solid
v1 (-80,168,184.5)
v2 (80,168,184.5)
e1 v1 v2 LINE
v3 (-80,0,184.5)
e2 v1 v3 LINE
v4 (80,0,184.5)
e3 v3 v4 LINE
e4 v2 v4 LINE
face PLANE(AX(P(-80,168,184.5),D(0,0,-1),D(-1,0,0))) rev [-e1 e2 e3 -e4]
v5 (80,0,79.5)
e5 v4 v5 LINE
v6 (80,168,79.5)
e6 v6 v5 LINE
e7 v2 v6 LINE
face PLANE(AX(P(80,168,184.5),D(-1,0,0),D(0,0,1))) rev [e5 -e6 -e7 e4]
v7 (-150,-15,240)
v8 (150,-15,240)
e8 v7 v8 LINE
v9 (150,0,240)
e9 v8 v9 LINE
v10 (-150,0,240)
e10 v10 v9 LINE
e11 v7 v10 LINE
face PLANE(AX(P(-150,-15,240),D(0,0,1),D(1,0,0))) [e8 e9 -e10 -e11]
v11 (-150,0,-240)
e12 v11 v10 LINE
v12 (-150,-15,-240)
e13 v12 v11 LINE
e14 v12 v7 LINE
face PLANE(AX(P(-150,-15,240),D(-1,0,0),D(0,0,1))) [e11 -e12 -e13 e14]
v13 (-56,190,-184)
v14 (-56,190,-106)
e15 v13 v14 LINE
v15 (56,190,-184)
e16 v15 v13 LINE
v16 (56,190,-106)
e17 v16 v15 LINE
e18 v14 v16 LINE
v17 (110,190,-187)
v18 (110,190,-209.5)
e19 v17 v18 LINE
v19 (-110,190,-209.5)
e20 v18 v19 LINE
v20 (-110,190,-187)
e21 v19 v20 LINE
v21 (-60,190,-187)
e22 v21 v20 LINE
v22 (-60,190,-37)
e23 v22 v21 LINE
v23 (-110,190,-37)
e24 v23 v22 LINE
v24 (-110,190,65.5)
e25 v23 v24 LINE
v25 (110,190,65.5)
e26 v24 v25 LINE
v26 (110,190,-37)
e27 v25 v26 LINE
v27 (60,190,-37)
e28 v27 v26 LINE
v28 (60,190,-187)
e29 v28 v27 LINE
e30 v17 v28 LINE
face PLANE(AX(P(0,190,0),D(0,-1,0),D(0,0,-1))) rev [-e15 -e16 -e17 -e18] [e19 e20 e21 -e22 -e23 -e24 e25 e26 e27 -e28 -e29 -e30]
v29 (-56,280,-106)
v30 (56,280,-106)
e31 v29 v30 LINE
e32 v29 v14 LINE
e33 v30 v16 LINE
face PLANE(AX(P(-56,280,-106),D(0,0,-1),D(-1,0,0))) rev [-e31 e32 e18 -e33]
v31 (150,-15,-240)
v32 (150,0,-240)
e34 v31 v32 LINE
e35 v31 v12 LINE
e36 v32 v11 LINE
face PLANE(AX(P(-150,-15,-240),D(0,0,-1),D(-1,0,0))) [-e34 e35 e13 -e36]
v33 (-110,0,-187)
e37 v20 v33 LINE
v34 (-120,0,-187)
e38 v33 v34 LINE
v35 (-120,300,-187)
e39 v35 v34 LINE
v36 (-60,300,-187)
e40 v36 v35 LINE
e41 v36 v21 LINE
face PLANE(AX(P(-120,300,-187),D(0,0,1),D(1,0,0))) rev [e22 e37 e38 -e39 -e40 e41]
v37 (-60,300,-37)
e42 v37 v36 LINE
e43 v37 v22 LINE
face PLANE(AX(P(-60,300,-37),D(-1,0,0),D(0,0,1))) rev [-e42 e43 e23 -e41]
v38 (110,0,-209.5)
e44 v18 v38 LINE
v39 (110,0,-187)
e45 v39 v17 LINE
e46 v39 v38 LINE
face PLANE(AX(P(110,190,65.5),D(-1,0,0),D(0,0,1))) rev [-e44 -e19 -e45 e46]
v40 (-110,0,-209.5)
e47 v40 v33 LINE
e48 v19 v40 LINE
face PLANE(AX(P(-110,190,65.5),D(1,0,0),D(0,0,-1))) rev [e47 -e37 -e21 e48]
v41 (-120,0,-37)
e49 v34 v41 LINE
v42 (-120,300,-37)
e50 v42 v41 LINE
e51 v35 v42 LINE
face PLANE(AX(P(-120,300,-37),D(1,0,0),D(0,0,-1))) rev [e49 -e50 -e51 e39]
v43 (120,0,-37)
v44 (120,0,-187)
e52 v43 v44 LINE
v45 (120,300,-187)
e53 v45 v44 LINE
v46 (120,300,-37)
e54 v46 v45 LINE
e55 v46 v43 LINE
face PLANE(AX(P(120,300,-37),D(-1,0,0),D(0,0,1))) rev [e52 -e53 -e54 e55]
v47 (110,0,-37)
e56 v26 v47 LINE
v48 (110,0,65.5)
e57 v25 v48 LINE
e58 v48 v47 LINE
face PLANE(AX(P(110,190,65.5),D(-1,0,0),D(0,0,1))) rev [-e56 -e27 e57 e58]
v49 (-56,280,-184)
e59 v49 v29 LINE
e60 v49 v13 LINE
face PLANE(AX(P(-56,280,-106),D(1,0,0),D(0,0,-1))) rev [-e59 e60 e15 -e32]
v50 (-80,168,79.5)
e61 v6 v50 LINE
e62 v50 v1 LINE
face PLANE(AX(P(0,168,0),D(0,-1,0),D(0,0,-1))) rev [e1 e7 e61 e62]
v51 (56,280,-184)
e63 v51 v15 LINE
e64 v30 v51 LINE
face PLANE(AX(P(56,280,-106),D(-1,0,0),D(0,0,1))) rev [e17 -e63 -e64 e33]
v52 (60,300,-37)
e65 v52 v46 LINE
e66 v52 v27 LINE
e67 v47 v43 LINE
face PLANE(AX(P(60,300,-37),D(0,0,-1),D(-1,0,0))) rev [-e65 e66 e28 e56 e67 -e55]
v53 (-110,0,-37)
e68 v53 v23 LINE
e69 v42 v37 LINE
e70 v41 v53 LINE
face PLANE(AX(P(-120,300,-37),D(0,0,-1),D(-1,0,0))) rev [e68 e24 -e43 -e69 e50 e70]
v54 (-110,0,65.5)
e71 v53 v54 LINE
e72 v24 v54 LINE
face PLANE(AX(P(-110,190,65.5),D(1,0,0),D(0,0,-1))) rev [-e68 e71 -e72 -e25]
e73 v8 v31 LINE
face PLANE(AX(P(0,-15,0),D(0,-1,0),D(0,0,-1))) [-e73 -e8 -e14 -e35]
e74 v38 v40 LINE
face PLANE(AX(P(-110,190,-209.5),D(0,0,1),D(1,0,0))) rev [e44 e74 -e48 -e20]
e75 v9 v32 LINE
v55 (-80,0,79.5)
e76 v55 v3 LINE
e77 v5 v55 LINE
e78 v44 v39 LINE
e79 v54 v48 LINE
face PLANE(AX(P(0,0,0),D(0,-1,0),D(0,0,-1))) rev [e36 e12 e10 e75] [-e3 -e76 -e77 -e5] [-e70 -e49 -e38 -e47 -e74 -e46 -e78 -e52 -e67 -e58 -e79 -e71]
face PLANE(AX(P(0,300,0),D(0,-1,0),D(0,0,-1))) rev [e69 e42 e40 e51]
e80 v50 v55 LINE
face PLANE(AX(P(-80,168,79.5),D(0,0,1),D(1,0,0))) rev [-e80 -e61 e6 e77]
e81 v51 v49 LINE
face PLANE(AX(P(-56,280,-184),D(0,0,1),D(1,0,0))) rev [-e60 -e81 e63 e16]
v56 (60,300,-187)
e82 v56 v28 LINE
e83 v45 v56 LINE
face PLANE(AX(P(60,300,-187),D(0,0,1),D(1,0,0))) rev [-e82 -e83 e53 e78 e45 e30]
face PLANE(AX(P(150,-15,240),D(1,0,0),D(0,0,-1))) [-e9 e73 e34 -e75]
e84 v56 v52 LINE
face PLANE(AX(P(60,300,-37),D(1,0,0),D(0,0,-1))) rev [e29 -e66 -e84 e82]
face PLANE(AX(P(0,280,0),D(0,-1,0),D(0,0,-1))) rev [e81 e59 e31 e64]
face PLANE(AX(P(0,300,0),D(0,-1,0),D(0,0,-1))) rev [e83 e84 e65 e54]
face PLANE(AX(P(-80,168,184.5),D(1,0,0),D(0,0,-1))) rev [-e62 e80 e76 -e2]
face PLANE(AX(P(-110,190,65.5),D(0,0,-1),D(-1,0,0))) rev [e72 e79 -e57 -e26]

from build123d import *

# Parameters (mm, degrees)
SKETCH_1_W      = 300
SKETCH_1_H      = 480
EXTRUDE_1_DEPTH = 15
SKETCH_2_W      = 220
SKETCH_2_H      = 275
EXTRUDE_2_DEPTH = 190
SKETCH_3_W      = 160
SKETCH_3_H      = 105
EXTRUDE_3_DEPTH = 168
SKETCH_4_W      = 60
SKETCH_4_H      = 150
EXTRUDE_4_DEPTH = 300
SKETCH_5_W      = 60
SKETCH_5_H      = 150
EXTRUDE_5_DEPTH = 300
SKETCH_6_W      = 112
SKETCH_6_H      = 78
EXTRUDE_6_DEPTH = 280


with BuildPart() as part:
    # 草图1 → 凸台-拉伸1 (new body)
    with BuildSketch(Plane(origin=(0, 0, 0), x_dir=(1, 0, 0), z_dir=(0, 1, 0))):
        Rectangle(SKETCH_1_W, SKETCH_1_H)
    extrude(amount=-EXTRUDE_1_DEPTH)

    # 草图2 → 凸台-拉伸2 (add)
    with BuildSketch(Plane(origin=(0, 0, 0), x_dir=(1, 0, 0), z_dir=(0, 1, 0))):
        with Locations((0, 72)):
            Rectangle(SKETCH_2_W, SKETCH_2_H)
    extrude(amount=EXTRUDE_2_DEPTH)

    # 草图3 → 凸台-拉伸3 (add)
    with BuildSketch(Plane(origin=(0, 0, 0), x_dir=(1, 0, 0), z_dir=(0, 1, 0))):
        with Locations((0, -132)):
            Rectangle(SKETCH_3_W, SKETCH_3_H)
    extrude(amount=EXTRUDE_3_DEPTH)

    # 草图4 → 凸台-拉伸4 (add)
    with BuildSketch(Plane(origin=(0, 0, 0), x_dir=(1, 0, 0), z_dir=(0, 1, 0))):
        with Locations((-90, 112)):
            Rectangle(SKETCH_4_W, SKETCH_4_H)
    extrude(amount=EXTRUDE_4_DEPTH)

    # 草图5 → 凸台-拉伸5 (add)
    with BuildSketch(Plane(origin=(0, 0, 0), x_dir=(1, 0, 0), z_dir=(0, 1, 0))):
        with Locations((90, 112)):
            Rectangle(SKETCH_5_W, SKETCH_5_H)
    extrude(amount=EXTRUDE_5_DEPTH)

    # 草图6 → 凸台-拉伸6 (add)
    with BuildSketch(Plane(origin=(0, 0, 0), x_dir=(1, 0, 0), z_dir=(0, 1, 0))):
        with Locations((0, 145)):
            Rectangle(SKETCH_6_W, SKETCH_6_H)
    extrude(amount=EXTRUDE_6_DEPTH)


solid = part.part
